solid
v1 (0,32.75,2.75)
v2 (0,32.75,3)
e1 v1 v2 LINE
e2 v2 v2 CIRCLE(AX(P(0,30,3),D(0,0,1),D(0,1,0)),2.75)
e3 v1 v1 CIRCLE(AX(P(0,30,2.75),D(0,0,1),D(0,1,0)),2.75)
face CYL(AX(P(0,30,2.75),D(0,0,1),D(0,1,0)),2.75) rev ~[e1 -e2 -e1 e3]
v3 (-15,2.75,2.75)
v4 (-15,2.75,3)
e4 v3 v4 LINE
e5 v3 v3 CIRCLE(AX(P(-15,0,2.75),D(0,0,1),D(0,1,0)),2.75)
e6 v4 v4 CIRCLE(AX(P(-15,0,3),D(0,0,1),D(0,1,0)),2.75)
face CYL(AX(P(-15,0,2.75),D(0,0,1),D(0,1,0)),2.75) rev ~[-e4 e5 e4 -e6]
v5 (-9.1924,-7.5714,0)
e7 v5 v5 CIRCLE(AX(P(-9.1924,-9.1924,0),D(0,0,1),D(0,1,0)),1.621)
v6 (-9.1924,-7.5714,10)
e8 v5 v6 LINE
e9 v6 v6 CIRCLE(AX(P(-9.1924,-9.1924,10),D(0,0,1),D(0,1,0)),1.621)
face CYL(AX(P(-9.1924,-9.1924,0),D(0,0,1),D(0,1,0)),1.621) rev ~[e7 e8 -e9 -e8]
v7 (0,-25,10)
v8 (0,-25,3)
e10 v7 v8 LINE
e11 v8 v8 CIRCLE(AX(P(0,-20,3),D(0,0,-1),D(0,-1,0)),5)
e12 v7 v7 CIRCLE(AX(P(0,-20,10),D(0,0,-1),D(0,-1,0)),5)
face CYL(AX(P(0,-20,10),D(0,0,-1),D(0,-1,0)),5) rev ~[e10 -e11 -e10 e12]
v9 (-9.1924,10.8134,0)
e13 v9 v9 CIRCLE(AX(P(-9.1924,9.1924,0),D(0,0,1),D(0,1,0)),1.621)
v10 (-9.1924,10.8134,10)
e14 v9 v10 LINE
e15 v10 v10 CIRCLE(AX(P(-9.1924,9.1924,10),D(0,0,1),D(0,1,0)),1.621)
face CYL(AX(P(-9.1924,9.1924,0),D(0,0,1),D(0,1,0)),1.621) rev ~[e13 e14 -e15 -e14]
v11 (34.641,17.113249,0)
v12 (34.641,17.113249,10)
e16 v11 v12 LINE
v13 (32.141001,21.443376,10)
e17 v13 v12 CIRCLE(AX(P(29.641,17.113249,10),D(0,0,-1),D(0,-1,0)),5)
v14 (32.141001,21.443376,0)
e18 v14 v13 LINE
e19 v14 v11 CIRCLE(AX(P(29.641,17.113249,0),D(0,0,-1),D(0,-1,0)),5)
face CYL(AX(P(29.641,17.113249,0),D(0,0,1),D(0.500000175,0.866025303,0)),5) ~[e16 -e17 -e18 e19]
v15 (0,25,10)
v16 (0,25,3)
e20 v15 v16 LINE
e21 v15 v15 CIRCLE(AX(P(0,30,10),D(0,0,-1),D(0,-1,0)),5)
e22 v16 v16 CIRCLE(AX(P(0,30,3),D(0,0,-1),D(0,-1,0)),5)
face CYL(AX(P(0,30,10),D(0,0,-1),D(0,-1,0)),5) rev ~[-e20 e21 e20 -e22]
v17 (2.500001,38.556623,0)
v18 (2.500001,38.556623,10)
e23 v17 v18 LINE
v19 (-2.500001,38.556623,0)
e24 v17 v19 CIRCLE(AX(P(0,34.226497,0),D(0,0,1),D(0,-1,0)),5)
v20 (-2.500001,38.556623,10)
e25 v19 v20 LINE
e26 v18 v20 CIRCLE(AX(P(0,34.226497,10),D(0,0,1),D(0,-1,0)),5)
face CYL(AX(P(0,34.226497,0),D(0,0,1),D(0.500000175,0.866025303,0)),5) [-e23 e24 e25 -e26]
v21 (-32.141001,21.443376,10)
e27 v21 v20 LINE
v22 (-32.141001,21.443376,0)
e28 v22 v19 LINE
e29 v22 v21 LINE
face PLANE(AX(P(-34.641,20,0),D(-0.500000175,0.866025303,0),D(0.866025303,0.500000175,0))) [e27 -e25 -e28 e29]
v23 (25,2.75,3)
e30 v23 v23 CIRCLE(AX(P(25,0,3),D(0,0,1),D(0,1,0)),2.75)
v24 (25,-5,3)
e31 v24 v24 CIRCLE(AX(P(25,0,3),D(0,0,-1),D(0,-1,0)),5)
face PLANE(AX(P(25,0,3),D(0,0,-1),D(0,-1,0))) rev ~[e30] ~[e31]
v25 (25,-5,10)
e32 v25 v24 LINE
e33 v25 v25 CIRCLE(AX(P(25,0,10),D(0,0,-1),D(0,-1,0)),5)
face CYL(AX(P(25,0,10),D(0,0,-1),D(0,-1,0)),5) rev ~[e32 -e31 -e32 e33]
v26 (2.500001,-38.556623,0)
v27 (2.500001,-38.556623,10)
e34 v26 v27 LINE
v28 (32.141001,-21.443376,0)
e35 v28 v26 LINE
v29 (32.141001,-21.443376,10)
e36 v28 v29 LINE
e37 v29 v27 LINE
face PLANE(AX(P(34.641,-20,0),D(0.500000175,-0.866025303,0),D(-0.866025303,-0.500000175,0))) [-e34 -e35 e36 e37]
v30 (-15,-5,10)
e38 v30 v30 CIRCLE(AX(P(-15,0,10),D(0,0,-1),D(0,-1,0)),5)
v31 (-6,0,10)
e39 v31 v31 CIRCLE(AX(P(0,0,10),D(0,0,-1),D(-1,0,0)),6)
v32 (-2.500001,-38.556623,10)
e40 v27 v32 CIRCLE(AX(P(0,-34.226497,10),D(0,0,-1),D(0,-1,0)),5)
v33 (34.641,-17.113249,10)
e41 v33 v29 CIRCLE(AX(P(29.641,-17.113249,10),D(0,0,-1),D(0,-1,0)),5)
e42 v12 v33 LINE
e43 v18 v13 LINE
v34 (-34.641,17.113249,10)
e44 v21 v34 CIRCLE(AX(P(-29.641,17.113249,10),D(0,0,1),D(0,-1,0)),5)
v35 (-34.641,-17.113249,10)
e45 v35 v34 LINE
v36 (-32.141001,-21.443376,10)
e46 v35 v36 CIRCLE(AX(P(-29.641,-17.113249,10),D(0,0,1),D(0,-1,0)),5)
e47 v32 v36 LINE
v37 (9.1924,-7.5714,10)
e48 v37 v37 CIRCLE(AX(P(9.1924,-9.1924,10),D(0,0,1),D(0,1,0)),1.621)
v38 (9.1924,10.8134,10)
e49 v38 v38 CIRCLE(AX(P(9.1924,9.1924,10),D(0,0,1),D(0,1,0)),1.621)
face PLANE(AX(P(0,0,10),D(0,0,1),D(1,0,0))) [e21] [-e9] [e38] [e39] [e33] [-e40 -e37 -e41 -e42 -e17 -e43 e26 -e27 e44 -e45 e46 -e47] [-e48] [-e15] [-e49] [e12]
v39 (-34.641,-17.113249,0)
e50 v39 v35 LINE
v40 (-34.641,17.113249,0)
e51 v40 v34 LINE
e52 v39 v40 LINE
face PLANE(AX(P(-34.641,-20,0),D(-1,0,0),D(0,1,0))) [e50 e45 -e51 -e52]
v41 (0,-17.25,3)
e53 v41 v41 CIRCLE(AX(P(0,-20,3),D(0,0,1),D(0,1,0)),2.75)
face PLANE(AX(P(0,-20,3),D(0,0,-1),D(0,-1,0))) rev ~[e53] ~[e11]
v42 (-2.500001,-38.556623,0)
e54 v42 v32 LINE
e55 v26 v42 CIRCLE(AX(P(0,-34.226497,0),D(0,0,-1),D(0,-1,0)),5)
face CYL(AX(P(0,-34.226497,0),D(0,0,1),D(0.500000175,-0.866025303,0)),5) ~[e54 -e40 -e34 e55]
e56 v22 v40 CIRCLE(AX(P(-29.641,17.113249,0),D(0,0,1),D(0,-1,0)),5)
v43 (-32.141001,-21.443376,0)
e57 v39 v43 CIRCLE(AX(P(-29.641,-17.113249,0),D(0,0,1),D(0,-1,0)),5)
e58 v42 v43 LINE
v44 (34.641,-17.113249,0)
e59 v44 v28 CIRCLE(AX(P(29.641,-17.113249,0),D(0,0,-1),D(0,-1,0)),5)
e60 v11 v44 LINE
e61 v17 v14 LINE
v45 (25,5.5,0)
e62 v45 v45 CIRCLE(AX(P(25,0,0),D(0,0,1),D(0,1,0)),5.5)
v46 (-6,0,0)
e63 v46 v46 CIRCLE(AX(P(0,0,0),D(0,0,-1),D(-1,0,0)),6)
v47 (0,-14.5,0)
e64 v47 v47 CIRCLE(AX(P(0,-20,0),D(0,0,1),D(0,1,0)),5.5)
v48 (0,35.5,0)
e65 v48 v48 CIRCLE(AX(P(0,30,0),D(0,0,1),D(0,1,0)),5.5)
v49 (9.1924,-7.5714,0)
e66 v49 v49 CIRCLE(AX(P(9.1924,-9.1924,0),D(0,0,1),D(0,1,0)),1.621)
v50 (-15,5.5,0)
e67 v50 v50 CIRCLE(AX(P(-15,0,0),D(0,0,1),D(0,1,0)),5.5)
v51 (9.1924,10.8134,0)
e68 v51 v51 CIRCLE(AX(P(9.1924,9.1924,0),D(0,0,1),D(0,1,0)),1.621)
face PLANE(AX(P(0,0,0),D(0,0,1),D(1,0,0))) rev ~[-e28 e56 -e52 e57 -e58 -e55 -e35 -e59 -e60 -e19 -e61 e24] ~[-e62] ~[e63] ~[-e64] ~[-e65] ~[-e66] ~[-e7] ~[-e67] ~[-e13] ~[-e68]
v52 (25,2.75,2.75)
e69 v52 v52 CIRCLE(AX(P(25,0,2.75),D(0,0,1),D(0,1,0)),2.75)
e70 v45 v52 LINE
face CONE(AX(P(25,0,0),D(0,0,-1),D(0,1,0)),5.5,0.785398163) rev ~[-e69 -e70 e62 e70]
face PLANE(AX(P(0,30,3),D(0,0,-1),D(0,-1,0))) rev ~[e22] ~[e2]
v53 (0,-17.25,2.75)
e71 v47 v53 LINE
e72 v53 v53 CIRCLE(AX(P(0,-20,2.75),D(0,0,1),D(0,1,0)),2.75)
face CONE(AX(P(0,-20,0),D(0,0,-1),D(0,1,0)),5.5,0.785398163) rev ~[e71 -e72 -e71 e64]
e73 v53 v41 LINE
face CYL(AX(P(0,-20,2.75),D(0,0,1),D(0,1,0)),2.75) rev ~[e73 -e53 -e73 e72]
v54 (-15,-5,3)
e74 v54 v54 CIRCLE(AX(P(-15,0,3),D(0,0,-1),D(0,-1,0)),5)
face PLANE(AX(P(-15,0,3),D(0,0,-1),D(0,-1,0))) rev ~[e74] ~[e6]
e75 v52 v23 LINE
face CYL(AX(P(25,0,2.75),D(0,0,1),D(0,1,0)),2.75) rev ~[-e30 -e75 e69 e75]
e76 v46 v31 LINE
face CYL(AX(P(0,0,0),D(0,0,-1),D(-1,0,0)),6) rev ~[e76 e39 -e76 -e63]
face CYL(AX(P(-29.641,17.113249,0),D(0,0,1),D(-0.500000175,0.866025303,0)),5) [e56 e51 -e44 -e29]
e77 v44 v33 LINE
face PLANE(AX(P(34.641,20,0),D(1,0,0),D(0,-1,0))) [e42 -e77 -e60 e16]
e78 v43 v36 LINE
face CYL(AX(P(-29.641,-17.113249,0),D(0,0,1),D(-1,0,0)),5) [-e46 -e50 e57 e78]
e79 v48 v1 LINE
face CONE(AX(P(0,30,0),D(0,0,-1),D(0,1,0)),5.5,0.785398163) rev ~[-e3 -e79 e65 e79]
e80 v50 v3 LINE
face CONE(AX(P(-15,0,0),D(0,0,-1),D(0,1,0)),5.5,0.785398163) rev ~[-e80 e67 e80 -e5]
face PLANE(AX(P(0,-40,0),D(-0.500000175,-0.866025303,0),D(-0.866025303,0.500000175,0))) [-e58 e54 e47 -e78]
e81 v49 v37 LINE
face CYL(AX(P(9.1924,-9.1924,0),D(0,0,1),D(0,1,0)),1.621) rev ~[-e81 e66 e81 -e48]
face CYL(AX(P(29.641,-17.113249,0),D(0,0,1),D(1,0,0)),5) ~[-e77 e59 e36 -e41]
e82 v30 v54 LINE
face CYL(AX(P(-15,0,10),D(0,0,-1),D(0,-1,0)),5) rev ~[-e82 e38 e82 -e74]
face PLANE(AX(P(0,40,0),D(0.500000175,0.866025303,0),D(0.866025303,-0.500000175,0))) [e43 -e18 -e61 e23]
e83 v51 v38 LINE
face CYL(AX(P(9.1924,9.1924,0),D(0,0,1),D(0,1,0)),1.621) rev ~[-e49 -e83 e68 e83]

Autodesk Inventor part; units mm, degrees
ref_plane "YZ Plane" through (0, 0, 0) normal (1, 0, 0) x (0, 1, 0)
ref_plane "XZ Plane" through (0, 0, 0) normal (0, 1, 0) x (-1, 0, 0)
ref_plane "XY Plane" through (0, 0, 0) normal (0, 0, 1) x (1, 0, 0)
sketch "スケッチ1" plane through (0, 0, 0) normal (0, 0, 1) x (1, 0, 0)
  line L0 (0, 40) -> (34.641, 20)
  line L1 (34.641, 20) -> (34.641, -20)
  line L2 (34.641, -20) -> (0, -40)
  line L3 (0, -40) -> (-34.641, -20)
  line L4 (-34.641, -20) -> (-34.641, 20)
  line L5 (-34.641, 20) -> (0, 40)
  point P0 (0, 0)
  point P1 (0, 0)
  dimension "d0" = 40
extrude "押し出し1" add sketch "スケッチ1" along normal blind 10
sketch "スケッチ2" plane through (0, 0, 10) normal (0, 0, 1) x (1, 0, 0)
  line L0 (0, -40) -> (34.641, -20) projected
  line L1 (34.641, -20) -> (34.641, 20) projected
  line L2 (34.641, 20) -> (0, 40) projected
  line L3 (0, 40) -> (-34.641, 20) projected
  line L4 (-34.641, 20) -> (-34.641, -20) projected
  line L5 (-34.641, -20) -> (0, -40) projected
  point P0 (0, 0)
  point P1 (0, 30)
  point P2 (25, 0)
  point P3 (0, -20)
  point P4 (-15, 0)
  dimension "d3" = 30
  dimension "d4" = 25
  dimension "d5" = 20
  dimension "d6" = 15
hole "穴1" at (0, 30, 10) at (25, 0, 10) at (0, -20, 10) at (-15, 0, 10) direction (0, 0, -1) diameter 4.2 depth 10 counterbore diameter 10 counterbore depth 7
sketch "スケッチ3" plane through (0, 0, 0) normal (0, 0, -1) x (-1, 0, 0)
  circle A0 centre (0, -20) radius 2.1 projected
  circle A1 centre (0, 30) radius 2.1 projected
  circle A2 centre (-25, 0) radius 2.1 projected
  circle A3 centre (15, 0) radius 2.1 projected
  line L0 (0, -40) -> (-34.641, -20) projected
  line L1 (34.641, -20) -> (0, -40) projected
  line L2 (34.641, 20) -> (34.641, -20) projected
  line L3 (0, 40) -> (34.641, 20) projected
  line L4 (-34.641, 20) -> (0, 40) projected
  line L5 (-34.641, -20) -> (-34.641, 20) projected
  circle A4 centre (0, 0) radius 13
  point P0 (9.1924, -9.1924)
  point P1 (9.1924, 9.1924)
  point P2 (-9.1924, 9.1924)
  point P3 (-9.1924, -9.1924)
  dimension "d14" = 26
  dimension "d17" = 360
hole "穴2" at (-9.1924, -9.1924, 0) at (-9.1924, 9.1924, 0) at (9.1924, 9.1924, 0) at (9.1924, -9.1924, 0) direction (0, 0, 1) diameter 3.242 depth 12 thread size "M4x0.7" class "6H" standard "ISO Metric profile"
sketch "スケッチ4" plane through (0, 0, 0) normal (0, 0, -1) x (-1, 0, 0)
  circle A0 centre (-9.1924, 9.1924) radius 1.621 projected
  circle A1 centre (9.1924, -9.1924) radius 1.621 projected
  circle A2 centre (9.1924, 9.1924) radius 1.621 projected
  circle A3 centre (-9.1924, -9.1924) radius 1.621 projected
  circle A4 centre (0, -20) radius 2.1 projected
  circle A5 centre (0, 30) radius 2.1 projected
  circle A6 centre (-25, 0) radius 2.1 projected
  circle A7 centre (15, 0) radius 2.1 projected
  line L0 (0, -40) -> (-34.641, -20) projected
  line L1 (34.641, -20) -> (0, -40) projected
  line L2 (34.641, 20) -> (34.641, -20) projected
  line L3 (0, 40) -> (34.641, 20) projected
  line L4 (-34.641, 20) -> (0, 40) projected
  line L5 (-34.641, -20) -> (-34.641, 20) projected
  point P0 (0, 0)
hole "穴3" at (0, 30, 0) at (-15, 0, 0) at (0, -20, 0) at (25, 0, 0) direction (0, 0, 1) diameter 5.5 depth 12 countersink diameter 11 countersink angle 90
sketch "スケッチ5" plane through (0, 0, 0) normal (0, 0, -1) x (-1, 0, 0)
  circle A0 centre (0, 0) radius 6
  dimension "d33" = 12
extrude "押し出し2" cut sketch "スケッチ5" against normal blind 10
fillet "フィレット1" radius 5 6 edges at (0, 40, 5) (-34.641, 20, 5) (-34.641, -20, 5) (0, -40, 5) (34.641, -20, 5) (34.641, 20, 5)
properties part number "Flange"
